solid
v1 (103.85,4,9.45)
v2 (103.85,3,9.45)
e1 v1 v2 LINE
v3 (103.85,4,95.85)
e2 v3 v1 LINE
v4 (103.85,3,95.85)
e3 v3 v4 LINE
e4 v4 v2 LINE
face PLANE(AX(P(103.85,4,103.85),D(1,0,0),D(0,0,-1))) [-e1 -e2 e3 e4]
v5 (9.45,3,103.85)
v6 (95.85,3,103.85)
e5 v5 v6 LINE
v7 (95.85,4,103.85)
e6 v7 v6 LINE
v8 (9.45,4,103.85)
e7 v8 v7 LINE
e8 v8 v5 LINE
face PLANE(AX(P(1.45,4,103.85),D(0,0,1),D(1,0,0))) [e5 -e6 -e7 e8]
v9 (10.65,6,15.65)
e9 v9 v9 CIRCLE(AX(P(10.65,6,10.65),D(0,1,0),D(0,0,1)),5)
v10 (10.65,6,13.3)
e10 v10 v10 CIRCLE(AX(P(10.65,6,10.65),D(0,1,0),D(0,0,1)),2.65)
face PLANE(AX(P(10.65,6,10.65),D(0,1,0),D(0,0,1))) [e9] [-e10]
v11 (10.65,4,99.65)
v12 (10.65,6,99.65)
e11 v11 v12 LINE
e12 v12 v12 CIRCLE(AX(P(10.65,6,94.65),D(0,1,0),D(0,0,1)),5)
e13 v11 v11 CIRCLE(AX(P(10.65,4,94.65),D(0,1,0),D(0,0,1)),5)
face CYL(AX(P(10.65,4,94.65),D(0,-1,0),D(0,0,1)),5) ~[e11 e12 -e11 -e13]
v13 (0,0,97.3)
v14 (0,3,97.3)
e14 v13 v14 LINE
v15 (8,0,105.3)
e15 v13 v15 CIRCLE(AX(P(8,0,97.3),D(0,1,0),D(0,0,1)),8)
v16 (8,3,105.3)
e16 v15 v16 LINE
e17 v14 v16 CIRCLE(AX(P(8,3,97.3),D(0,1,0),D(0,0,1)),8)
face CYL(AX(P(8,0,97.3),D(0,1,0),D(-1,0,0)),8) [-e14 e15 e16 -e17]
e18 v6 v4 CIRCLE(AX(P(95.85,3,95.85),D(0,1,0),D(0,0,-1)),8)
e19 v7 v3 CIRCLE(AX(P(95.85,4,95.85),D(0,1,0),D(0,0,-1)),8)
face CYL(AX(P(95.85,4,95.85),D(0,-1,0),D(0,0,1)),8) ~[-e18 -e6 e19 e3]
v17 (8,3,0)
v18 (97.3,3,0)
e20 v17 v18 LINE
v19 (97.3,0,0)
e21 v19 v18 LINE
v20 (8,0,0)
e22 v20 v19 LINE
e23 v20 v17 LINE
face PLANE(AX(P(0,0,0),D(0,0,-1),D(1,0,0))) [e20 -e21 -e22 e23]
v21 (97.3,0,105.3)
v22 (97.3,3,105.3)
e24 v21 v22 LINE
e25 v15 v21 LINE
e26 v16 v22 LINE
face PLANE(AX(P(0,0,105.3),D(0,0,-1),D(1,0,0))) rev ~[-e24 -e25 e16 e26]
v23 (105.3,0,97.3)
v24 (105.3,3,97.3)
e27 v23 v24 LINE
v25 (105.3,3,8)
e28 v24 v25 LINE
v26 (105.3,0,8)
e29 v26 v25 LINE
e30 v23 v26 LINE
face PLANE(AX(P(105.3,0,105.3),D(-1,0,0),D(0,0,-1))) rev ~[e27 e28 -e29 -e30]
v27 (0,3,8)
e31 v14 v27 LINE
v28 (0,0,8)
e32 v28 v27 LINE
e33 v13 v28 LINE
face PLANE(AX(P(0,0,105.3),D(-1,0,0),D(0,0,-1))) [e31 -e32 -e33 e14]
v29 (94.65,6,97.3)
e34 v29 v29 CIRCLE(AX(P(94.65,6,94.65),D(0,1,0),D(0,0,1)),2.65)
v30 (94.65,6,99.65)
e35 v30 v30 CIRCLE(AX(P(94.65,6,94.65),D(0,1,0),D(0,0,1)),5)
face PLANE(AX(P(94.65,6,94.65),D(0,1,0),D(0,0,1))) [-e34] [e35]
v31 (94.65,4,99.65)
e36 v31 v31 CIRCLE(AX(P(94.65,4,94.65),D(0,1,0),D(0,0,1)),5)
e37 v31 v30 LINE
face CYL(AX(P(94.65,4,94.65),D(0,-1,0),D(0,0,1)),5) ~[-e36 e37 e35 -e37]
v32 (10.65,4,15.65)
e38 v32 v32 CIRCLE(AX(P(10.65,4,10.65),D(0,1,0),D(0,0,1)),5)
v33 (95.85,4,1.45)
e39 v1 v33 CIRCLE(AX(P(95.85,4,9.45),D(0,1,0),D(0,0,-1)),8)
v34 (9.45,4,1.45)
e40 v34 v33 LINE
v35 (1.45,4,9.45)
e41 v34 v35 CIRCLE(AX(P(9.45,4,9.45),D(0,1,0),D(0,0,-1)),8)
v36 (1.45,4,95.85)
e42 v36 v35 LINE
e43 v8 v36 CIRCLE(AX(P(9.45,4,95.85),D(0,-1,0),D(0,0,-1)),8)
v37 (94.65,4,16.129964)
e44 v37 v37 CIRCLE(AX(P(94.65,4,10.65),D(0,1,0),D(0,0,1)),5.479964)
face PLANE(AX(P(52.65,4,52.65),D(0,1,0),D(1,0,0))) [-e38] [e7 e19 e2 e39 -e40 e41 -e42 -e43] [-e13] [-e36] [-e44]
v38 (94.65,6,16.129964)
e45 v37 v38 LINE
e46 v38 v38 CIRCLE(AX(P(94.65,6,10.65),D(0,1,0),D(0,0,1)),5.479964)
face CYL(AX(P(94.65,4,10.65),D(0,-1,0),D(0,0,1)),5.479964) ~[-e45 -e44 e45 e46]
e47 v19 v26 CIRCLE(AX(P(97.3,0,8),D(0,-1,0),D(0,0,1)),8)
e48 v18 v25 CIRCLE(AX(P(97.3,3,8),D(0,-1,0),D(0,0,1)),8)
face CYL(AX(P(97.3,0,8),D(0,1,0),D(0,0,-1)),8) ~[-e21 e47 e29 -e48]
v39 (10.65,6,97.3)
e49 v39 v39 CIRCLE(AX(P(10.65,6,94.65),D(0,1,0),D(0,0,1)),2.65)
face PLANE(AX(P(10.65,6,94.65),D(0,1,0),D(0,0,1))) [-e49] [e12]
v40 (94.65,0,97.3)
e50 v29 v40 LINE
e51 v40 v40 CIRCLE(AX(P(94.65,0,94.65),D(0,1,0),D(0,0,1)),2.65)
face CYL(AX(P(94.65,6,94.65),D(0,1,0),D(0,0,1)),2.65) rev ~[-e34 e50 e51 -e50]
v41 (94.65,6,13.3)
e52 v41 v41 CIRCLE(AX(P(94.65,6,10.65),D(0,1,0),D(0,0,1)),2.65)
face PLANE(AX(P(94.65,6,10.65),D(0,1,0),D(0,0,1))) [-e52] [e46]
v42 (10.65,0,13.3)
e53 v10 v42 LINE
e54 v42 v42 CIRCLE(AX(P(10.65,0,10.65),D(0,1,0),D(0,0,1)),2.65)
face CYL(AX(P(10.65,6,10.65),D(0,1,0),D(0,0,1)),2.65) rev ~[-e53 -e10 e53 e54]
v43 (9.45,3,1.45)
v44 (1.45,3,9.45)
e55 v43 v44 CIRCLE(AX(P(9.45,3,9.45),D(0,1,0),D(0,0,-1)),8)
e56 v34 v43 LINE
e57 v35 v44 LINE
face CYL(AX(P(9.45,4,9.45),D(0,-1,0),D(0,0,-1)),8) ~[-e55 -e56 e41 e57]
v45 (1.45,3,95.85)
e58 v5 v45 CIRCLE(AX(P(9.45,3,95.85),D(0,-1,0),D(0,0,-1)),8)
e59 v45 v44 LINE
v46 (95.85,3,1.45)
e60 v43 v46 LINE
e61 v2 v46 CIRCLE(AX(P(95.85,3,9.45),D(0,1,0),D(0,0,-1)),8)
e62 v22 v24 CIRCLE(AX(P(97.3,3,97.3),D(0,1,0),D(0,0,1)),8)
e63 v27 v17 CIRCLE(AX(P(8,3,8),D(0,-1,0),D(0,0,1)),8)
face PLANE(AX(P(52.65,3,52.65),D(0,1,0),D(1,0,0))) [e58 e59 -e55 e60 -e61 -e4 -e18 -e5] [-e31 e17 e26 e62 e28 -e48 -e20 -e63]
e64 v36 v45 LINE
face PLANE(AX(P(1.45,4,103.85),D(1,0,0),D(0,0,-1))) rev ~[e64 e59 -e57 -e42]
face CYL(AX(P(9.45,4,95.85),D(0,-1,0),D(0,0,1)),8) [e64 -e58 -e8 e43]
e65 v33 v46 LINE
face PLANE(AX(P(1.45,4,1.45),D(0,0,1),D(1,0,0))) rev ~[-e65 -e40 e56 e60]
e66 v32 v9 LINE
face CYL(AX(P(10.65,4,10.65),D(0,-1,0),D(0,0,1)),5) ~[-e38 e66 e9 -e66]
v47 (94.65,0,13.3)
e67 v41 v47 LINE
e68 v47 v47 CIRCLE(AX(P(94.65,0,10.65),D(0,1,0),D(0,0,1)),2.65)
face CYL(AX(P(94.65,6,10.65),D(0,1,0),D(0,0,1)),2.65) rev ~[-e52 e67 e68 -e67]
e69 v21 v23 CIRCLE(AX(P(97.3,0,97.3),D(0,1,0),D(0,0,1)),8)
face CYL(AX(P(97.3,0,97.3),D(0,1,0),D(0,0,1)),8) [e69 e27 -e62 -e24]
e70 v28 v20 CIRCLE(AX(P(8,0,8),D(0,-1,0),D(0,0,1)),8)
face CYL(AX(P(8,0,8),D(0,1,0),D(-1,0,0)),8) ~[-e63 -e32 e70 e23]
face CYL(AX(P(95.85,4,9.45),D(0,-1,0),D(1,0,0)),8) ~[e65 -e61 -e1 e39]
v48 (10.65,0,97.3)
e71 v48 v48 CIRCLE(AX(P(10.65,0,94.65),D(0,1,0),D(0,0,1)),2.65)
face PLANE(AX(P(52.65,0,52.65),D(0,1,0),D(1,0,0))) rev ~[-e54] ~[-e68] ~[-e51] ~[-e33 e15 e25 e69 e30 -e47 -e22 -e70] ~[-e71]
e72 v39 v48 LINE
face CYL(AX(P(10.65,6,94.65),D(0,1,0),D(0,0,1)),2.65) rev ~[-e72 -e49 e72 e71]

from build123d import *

# Parameters (mm, degrees)
BASEPLATE_W         = 105.3
BASEPLATE_H         = 105.3
BOSS_EXTRUDE1_DEPTH = 4
STANDS_R            = 5
STANDS_R_2          = 5.479963535
BOSS_EXTRUDE3_DEPTH = 2
CUT_EXTRUDE1_REACH  = 151.038
MOUNTING_HOLES_R    = 2.65
EDGE_CUTOUT_W       = 105.3
EDGE_CUTOUT_H       = 105.3
EDGE_CUTOUT_W_2     = 102.4
EDGE_CUTOUT_H_2     = 102.4
CUT_EXTRUDE2_DEPTH  = 1
FILLET_EDGES_R      = 8


with BuildPart() as part:
    # Baseplate → Boss-Extrude1 (new body)
    with BuildSketch(Plane(origin=(0, 0, 0), x_dir=(1, 0, 0), z_dir=(0, 1, 0))):
        with Locations((52.65, -52.65)):
            Rectangle(BASEPLATE_W, BASEPLATE_H)
    extrude(amount=BOSS_EXTRUDE1_DEPTH)

    # Stands → Boss-Extrude3 (add)
    with BuildSketch(Plane(origin=(0, 4, 0), x_dir=(1, 0, 0), z_dir=(0, 1, 0))):
        with Locations(Location((10.65, -10.65, 0), (0, 0, 270))):
            Circle(STANDS_R)
        with Locations(Location((94.65, -10.65, 0), (0, 0, 270))):
            Circle(STANDS_R_2)
        with Locations(Location((10.65, -94.65, 0), (0, 0, 270))):
            Circle(STANDS_R)
        with Locations(Location((94.65, -94.65, 0), (0, 0, 270))):
            Circle(STANDS_R)
    extrude(amount=BOSS_EXTRUDE3_DEPTH)

    # Mounting_Holes → Cut-Extrude1 (cut, up to next)
    with BuildSketch(Plane(origin=(0, 6, 0), x_dir=(1, 0, 0), z_dir=(0, 1, 0)), mode=Mode.PRIVATE) as cut_extrude1_sk1:
        with Locations(Location((10.65, -10.65, 0), (0, 0, 270))):
            Circle(MOUNTING_HOLES_R)
    cut_extrude1_tool1 = extrude(cut_extrude1_sk1.sketch, amount=-CUT_EXTRUDE1_REACH, mode=Mode.PRIVATE) & part.part
    # Mounting_Holes → Cut-Extrude1 (cut, up to next)
    with BuildSketch(Plane(origin=(0, 6, 0), x_dir=(1, 0, 0), z_dir=(0, 1, 0)), mode=Mode.PRIVATE) as cut_extrude1_sk2:
        with Locations(Location((94.65, -10.65, 0), (0, 0, 270))):
            Circle(MOUNTING_HOLES_R)
    cut_extrude1_tool2 = extrude(cut_extrude1_sk2.sketch, amount=-CUT_EXTRUDE1_REACH, mode=Mode.PRIVATE) & part.part
    # Mounting_Holes → Cut-Extrude1 (cut, up to next)
    with BuildSketch(Plane(origin=(0, 6, 0), x_dir=(1, 0, 0), z_dir=(0, 1, 0)), mode=Mode.PRIVATE) as cut_extrude1_sk3:
        with Locations(Location((94.65, -94.65, 0), (0, 0, 270))):
            Circle(MOUNTING_HOLES_R)
    cut_extrude1_tool3 = extrude(cut_extrude1_sk3.sketch, amount=-CUT_EXTRUDE1_REACH, mode=Mode.PRIVATE) & part.part
    # Mounting_Holes → Cut-Extrude1 (cut, up to next)
    with BuildSketch(Plane(origin=(0, 6, 0), x_dir=(1, 0, 0), z_dir=(0, 1, 0)), mode=Mode.PRIVATE) as cut_extrude1_sk4:
        with Locations(Location((10.65, -94.65, 0), (0, 0, 270))):
            Circle(MOUNTING_HOLES_R)
    cut_extrude1_tool4 = extrude(cut_extrude1_sk4.sketch, amount=-CUT_EXTRUDE1_REACH, mode=Mode.PRIVATE) & part.part
    add(cut_extrude1_tool1.solids().sort_by_distance((10.65, 6, 10.65))[0], mode=Mode.SUBTRACT)
    add(cut_extrude1_tool2.solids().sort_by_distance((94.65, 6, 10.65))[0], mode=Mode.SUBTRACT)
    add(cut_extrude1_tool3.solids().sort_by_distance((94.65, 6, 94.65))[0], mode=Mode.SUBTRACT)
    add(cut_extrude1_tool4.solids().sort_by_distance((10.65, 6, 94.65))[0], mode=Mode.SUBTRACT)

    # Edge_Cutout → Cut-Extrude2 (cut)
    with BuildSketch(Plane(origin=(0, 4, 0), x_dir=(1, 0, 0), z_dir=(0, 1, 0))):
        with Locations((52.65, -52.65)):
            Rectangle(EDGE_CUTOUT_W, EDGE_CUTOUT_H)
        with Locations((52.65, -52.65)):
            Rectangle(EDGE_CUTOUT_W_2, EDGE_CUTOUT_H_2, mode=Mode.SUBTRACT)
    extrude(amount=-CUT_EXTRUDE2_DEPTH, mode=Mode.SUBTRACT)

    # Fillet_Edges
    fillet_edges_edges = [part.edges().sort_by_distance(p)[0] for p in [
        (0, 1.5, 0),
        (105.3, 1.5, 0),
        (105.3, 1.5, 105.3),
        (0, 1.5, 105.3),
        (1.45, 3.5, 1.45),
        (103.85, 3.5, 1.45),
        (103.85, 3.5, 103.85),
        (1.45, 3.5, 103.85),
    ]]
    fillet(fillet_edges_edges, radius=FILLET_EDGES_R)


solid = part.part
